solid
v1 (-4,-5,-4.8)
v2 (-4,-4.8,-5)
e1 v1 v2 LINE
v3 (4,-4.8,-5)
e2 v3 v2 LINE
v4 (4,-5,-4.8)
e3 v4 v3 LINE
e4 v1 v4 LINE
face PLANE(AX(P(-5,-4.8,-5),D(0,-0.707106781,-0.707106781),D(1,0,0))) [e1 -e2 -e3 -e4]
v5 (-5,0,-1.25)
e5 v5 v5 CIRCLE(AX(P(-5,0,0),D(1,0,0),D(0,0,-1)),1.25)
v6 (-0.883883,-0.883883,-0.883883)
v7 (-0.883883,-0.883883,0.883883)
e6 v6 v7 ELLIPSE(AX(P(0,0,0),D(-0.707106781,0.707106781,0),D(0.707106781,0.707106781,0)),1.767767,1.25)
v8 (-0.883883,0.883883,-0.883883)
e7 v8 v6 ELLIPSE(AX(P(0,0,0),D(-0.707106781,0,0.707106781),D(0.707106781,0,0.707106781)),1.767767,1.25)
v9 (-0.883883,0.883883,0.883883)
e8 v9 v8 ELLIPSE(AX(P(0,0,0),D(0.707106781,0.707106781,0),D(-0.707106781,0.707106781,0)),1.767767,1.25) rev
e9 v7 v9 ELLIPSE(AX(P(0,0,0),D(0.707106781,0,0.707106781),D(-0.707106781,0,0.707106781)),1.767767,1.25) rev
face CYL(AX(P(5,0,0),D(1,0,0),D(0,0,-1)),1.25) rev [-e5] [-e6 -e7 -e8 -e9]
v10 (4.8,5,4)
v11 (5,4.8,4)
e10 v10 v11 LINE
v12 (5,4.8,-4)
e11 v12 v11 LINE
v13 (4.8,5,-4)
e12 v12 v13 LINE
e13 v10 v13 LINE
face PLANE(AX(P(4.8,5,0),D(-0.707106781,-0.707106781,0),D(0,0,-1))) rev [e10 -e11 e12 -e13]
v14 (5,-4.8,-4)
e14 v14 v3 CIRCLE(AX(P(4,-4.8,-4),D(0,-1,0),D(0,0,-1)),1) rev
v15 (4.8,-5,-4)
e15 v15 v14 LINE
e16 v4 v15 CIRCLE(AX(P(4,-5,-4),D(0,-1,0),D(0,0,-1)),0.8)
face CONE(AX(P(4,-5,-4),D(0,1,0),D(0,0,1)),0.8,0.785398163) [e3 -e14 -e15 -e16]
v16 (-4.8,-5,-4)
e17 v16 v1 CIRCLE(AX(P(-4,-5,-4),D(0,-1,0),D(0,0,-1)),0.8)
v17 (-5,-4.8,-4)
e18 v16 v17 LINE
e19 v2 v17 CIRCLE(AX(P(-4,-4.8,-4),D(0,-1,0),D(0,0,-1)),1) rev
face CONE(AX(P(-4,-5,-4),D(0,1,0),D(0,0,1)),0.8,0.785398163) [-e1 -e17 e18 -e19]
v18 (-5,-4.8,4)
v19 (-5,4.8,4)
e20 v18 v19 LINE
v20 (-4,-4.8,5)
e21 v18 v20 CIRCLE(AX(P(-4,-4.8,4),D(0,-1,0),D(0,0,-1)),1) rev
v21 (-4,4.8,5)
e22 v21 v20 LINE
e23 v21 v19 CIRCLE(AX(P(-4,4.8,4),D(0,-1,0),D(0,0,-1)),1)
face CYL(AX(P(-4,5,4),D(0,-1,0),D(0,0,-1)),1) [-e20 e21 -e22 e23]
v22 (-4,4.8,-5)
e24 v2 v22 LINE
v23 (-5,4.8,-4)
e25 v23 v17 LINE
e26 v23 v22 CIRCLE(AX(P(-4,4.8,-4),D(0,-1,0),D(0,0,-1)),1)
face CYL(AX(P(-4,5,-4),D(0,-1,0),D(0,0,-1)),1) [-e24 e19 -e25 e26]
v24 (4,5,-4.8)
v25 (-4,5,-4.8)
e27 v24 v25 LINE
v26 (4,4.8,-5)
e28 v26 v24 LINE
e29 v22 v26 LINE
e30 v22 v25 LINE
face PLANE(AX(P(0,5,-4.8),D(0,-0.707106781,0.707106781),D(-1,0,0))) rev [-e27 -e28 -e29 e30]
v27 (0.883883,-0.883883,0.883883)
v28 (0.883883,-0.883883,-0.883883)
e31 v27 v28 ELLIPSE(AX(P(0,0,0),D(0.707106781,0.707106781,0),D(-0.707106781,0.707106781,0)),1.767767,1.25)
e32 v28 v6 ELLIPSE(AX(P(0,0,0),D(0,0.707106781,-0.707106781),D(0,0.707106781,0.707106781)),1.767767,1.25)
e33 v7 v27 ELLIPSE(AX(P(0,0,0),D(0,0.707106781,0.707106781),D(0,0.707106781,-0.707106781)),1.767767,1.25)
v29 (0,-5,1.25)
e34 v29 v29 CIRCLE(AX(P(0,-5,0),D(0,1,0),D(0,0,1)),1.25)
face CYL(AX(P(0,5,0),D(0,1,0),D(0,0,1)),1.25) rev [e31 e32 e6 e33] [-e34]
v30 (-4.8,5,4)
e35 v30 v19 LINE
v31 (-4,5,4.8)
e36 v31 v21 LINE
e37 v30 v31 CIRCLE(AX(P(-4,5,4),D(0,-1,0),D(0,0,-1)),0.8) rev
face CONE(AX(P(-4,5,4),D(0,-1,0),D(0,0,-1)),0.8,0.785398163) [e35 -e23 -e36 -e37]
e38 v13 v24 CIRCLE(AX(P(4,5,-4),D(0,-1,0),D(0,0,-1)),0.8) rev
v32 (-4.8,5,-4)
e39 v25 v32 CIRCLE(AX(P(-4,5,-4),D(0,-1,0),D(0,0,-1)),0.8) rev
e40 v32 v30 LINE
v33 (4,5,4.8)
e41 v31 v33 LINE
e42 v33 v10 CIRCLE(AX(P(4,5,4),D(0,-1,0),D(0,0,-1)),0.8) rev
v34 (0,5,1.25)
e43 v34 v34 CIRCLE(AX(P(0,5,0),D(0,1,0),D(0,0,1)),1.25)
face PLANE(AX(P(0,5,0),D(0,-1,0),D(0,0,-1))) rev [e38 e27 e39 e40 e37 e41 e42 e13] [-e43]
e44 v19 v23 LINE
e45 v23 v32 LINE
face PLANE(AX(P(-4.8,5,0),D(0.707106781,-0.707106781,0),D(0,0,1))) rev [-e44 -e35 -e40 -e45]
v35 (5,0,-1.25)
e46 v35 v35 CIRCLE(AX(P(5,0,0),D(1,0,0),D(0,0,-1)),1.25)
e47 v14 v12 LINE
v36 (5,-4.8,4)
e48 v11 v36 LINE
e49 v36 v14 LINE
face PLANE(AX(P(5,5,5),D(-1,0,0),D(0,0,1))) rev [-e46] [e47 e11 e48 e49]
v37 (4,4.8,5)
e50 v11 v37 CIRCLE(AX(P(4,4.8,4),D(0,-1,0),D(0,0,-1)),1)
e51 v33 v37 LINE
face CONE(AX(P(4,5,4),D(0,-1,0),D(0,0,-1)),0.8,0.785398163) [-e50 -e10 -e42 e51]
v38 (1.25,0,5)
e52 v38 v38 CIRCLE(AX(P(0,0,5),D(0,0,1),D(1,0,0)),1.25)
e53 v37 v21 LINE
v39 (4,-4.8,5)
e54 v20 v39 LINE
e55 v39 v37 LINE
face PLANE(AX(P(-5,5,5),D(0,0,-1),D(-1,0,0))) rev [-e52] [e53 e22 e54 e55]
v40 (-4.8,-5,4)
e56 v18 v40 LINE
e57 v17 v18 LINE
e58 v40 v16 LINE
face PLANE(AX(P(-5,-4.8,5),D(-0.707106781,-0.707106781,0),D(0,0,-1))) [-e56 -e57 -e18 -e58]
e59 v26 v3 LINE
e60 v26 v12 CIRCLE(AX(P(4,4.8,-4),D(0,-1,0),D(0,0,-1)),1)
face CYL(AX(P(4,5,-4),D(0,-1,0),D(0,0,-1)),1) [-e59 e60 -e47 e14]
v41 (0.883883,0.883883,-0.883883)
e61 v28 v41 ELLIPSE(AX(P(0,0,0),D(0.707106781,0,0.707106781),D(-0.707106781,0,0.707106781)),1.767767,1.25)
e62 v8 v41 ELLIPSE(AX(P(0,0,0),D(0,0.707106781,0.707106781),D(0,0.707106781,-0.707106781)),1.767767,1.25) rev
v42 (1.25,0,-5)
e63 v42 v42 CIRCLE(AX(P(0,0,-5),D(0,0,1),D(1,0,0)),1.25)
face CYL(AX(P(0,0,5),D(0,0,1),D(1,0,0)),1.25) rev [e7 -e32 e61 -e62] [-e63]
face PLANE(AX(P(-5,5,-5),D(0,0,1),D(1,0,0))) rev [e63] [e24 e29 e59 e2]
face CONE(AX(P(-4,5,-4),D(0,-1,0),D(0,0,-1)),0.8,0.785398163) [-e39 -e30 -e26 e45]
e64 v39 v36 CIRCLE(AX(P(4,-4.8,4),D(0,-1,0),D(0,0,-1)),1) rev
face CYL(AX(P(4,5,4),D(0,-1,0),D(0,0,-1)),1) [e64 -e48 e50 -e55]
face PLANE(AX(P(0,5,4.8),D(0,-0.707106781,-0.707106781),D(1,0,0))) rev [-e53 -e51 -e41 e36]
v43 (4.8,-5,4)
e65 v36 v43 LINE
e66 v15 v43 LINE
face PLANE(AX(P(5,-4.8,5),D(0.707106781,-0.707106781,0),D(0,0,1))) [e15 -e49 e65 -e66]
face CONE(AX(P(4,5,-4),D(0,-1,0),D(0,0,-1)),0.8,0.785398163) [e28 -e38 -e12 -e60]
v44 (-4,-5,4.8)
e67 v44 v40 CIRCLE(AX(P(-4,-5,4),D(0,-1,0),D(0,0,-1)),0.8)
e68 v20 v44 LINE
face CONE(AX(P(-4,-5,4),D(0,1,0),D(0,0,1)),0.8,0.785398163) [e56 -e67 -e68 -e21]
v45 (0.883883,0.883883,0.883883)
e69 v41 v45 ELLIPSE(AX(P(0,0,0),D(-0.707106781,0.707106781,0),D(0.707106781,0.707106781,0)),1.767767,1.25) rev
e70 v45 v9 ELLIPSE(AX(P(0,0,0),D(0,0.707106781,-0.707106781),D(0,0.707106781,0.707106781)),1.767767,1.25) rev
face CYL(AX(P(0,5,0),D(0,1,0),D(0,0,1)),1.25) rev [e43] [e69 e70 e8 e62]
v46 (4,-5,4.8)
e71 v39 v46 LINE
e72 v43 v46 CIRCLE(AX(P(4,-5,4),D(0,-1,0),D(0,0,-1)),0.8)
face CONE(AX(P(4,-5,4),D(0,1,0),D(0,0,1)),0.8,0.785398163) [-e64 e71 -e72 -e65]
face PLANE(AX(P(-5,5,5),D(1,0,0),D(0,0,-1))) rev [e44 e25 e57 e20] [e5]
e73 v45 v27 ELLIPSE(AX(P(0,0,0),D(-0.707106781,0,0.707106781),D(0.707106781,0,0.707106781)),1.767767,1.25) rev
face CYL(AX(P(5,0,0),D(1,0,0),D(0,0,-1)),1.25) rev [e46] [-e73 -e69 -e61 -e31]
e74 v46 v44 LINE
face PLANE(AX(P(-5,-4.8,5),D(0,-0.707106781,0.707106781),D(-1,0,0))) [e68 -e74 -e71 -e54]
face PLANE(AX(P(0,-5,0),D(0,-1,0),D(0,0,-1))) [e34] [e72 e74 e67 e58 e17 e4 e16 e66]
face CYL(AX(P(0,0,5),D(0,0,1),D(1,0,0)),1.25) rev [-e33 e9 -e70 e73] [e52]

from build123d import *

# Parameters (mm, degrees)
SKETCH_1_W         = 10
SKETCH_1_H         = 10
EXTRUDE_1_DEPTH    = 5
HOLE_WIZARD_M3_1_D = 2.5
HOLE_WIZARD_M3_2_D = 2.5
HOLE_WIZARD_M3_3_D = 2.5
FILLET_1_R         = 1
CHAMFER_1_SIZE     = 0.2


with BuildPart() as part:
    # 草图1 → 凸台-拉伸1 (new body, symmetric)
    with BuildSketch(Plane(origin=(0, 0, 0), x_dir=(1, 0, 0), z_dir=(0, 1, 0))):
        Rectangle(SKETCH_1_W, SKETCH_1_H)
    extrude(amount=EXTRUDE_1_DEPTH, both=True)

    # M3 螺纹孔1 (through all)
    with Locations(Plane(origin=(0, 5, 0), x_dir=(1, 0, 0), z_dir=(0, 1, 0))):
        with Locations((0, 0)):
            Hole(HOLE_WIZARD_M3_1_D / 2)

    # M3 螺纹孔2 (through all)
    with Locations(Plane.XY.offset(5)):
        with Locations((0, 0)):
            Hole(HOLE_WIZARD_M3_2_D / 2)

    # M3 螺纹孔3 (through all)
    with Locations(Plane(origin=(5, 0, 0), x_dir=(0, 0, -1), z_dir=(1, 0, 0))):
        with Locations((0, 0)):
            Hole(HOLE_WIZARD_M3_3_D / 2)

    # 圆角1
    fillet_1_edges = [part.edges().sort_by_distance(p)[0] for p in [
        (5, 0, 5),
        (-5, 0, 5),
        (-5, 0, -5),
        (5, 0, -5),
    ]]
    fillet(fillet_1_edges, radius=FILLET_1_R)

    # 倒角1
    chamfer_1_edges = [part.edges().sort_by_distance(p)[0] for p in [
        (0, -5, -5),
        (0, 5, -5),
        (5, -5, 0),
        (0, -5, 5),
        (-5, -5, 0),
        (-4.707106781, -5, -4.707106781),
        (-4.707106781, -5, 4.707106781),
        (4.707106781, -5, 4.707106781),
        (4.707106781, -5, -4.707106781),
        (5, 5, 0),
        (-5, 5, 0),
        (0, 5, 5),
        (-4.707106781, 5, -4.707106781),
        (-4.707106781, 5, 4.707106781),
        (4.707106781, 5, 4.707106781),
        (4.707106781, 5, -4.707106781),
    ]]
    chamfer(chamfer_1_edges, length=CHAMFER_1_SIZE)


solid = part.part
